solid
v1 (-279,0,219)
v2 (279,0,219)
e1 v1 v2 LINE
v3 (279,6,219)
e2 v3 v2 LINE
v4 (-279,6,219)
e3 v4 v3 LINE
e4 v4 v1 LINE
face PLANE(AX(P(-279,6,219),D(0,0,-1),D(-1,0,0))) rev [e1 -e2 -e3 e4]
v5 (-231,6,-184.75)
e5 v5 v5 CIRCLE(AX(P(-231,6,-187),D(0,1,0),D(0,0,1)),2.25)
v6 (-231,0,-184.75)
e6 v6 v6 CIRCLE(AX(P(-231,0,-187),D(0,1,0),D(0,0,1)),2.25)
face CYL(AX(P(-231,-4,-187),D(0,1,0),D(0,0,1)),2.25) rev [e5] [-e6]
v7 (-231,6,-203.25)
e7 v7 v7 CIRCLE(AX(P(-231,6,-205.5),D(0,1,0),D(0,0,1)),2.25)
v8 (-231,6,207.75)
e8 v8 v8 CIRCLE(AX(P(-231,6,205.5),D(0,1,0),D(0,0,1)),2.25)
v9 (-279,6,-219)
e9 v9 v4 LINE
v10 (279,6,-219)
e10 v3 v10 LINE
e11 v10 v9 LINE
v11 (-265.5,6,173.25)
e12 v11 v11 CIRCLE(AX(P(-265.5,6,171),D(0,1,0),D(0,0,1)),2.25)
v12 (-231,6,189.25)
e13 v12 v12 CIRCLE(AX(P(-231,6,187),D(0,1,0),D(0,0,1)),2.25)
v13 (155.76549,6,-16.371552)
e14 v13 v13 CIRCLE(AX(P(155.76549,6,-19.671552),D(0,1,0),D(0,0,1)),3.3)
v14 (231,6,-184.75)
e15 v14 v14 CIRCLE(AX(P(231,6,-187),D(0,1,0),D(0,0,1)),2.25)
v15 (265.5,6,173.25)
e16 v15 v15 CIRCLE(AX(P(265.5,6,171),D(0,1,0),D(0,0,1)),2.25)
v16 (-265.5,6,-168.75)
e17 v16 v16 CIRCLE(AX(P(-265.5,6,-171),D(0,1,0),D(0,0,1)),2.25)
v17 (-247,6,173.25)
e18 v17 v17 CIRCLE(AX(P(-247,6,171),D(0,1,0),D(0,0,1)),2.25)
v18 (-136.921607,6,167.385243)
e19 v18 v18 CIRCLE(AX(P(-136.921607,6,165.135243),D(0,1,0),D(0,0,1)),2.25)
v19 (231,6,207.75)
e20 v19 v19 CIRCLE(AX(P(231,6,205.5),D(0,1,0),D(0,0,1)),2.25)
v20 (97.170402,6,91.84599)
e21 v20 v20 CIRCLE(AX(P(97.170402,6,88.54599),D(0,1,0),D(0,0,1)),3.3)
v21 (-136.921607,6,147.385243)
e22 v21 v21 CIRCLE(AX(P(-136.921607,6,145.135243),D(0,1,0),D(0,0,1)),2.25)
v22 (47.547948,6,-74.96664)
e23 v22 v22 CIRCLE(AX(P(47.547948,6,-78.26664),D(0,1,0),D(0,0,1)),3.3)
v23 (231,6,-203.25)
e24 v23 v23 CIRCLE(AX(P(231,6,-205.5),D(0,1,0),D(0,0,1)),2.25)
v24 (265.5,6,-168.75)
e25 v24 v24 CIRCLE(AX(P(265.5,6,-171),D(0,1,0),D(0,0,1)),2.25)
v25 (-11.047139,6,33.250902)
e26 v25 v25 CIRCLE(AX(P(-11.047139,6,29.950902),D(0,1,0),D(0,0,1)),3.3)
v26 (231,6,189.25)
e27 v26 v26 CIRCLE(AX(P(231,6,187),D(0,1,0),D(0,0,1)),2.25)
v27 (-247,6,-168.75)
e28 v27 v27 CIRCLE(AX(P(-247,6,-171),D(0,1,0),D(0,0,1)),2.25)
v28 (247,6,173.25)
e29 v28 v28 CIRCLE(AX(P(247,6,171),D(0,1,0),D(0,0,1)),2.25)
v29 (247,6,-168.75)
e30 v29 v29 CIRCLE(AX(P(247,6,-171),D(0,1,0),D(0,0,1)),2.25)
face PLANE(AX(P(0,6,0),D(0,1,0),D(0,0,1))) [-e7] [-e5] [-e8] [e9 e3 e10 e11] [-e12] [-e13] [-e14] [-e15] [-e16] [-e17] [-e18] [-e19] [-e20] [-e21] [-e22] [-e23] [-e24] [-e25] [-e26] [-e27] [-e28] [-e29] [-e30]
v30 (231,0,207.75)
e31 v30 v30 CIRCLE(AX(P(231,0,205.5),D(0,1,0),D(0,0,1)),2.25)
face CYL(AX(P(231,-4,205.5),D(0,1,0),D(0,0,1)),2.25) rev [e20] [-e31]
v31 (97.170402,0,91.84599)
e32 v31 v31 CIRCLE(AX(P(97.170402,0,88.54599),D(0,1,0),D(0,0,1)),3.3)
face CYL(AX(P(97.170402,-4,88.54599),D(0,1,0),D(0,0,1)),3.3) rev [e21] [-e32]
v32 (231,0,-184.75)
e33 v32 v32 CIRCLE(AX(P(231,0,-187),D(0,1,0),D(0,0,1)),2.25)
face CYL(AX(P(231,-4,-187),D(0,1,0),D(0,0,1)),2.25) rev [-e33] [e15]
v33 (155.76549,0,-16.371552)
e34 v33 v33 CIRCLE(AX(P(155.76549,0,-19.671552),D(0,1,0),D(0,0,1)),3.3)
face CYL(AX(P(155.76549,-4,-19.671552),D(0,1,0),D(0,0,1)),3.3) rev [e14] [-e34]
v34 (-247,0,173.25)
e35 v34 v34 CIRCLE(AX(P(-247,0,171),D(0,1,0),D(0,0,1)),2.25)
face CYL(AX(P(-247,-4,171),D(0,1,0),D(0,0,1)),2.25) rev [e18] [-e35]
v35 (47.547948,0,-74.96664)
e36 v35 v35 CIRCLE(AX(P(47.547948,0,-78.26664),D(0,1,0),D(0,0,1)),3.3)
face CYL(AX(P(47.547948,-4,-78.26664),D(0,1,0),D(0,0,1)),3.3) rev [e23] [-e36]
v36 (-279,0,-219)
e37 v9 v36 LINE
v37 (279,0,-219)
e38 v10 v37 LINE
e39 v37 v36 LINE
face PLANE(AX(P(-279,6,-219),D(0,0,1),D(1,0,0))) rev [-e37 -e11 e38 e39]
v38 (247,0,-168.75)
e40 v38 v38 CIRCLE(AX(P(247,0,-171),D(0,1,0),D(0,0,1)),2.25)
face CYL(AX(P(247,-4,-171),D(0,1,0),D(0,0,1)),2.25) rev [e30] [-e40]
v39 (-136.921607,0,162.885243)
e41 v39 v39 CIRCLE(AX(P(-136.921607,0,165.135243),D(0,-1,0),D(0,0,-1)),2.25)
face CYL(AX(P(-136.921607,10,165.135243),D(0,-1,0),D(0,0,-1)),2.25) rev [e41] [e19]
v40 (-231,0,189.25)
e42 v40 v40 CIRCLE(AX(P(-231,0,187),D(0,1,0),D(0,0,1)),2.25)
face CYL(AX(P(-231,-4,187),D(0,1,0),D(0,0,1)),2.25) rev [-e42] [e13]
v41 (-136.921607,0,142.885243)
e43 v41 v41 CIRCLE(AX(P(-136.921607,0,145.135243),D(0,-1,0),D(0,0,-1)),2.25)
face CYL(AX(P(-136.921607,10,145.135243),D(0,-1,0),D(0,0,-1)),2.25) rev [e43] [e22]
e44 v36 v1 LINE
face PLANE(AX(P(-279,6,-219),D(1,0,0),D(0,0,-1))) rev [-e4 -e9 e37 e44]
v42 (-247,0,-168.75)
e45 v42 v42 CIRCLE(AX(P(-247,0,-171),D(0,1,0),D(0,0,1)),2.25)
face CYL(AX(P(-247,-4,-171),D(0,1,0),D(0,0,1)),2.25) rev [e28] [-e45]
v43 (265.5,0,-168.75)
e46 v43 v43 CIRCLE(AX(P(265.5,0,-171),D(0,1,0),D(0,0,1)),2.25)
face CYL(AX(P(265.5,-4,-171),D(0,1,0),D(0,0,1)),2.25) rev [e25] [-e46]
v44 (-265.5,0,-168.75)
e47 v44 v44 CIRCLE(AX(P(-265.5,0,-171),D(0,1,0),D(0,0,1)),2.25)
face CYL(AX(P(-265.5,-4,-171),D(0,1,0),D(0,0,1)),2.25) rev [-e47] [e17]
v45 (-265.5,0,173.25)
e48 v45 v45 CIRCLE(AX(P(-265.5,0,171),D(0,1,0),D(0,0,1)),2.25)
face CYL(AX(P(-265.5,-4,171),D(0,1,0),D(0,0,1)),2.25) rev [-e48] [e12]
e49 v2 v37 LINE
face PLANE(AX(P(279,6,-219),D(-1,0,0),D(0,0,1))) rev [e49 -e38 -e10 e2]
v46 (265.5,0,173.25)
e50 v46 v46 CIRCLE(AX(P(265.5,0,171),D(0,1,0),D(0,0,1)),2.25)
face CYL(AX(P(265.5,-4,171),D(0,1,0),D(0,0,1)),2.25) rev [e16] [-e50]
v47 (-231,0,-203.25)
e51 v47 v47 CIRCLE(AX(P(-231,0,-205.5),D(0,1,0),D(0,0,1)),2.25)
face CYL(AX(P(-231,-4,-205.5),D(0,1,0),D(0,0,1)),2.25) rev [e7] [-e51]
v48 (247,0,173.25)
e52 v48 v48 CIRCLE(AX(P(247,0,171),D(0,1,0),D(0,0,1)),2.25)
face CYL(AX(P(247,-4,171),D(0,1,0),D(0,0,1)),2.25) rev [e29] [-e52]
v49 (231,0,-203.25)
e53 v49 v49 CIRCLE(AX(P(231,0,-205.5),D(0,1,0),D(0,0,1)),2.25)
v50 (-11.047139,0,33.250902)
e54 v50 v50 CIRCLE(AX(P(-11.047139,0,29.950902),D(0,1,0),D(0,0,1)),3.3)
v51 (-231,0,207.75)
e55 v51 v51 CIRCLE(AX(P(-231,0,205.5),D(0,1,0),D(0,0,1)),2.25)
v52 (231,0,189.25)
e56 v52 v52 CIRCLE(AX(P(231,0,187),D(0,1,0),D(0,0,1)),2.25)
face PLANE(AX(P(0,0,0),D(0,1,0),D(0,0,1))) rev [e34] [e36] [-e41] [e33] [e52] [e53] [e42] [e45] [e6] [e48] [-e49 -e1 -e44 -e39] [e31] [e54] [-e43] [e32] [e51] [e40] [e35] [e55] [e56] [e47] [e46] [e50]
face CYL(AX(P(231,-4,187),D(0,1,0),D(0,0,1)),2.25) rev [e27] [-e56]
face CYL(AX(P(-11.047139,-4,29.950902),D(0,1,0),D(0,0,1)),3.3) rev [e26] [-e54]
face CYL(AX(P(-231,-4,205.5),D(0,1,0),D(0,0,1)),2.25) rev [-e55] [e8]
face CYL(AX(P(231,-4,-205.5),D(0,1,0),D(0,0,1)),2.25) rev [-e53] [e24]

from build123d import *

# Parameters (mm, degrees)
SCHIZZO1_W                   = 558
SCHIZZO1_H                   = 438
ESTRUSIONE_ESTRUSIONE1_DEPTH = 6
SCHIZZO2_R                   = 2.25
TAGLIO_ESTRUSIONE1_DEPTH     = 10
SCHIZZO4_R                   = 3.3
TAGLIO_ESTRUSIONE2_DEPTH     = 10
SCHIZZO5_R                   = 2.25
TAGLIO_ESTRUSIONE3_DEPTH     = 10


with BuildPart() as part:
    # Schizzo1 → Estrusione-Estrusione1 (new body)
    with BuildSketch(Plane(origin=(0, 0, 0), x_dir=(1, 0, 0), z_dir=(0, 1, 0))):
        Rectangle(SCHIZZO1_W, SCHIZZO1_H)
    extrude(amount=ESTRUSIONE_ESTRUSIONE1_DEPTH)

    # Schizzo2 → Taglio-Estrusione1 (cut)
    with BuildSketch(Plane(origin=(0, 6, 0), x_dir=(1, 0, 0), z_dir=(0, 1, 0))):
        with Locations(Location((-231, 205.5, 0), (0, 0, 270))):
            Circle(SCHIZZO2_R)
        with Locations(Location((-231, 187, 0), (0, 0, 270))):
            Circle(SCHIZZO2_R)
        with Locations(Location((-247, 171, 0), (0, 0, 270))):
            Circle(SCHIZZO2_R)
        with Locations(Location((-265.5, 171, 0), (0, 0, 270))):
            Circle(SCHIZZO2_R)
        with Locations(Location((231, 205.5, 0), (0, 0, 270))):
            Circle(SCHIZZO2_R)
        with Locations(Location((231, 187, 0), (0, 0, 270))):
            Circle(SCHIZZO2_R)
        with Locations(Location((247, 171, 0), (0, 0, 270))):
            Circle(SCHIZZO2_R)
        with Locations(Location((265.5, 171, 0), (0, 0, 270))):
            Circle(SCHIZZO2_R)
        with Locations(Location((265.5, -171, 0), (0, 0, 270))):
            Circle(SCHIZZO2_R)
        with Locations(Location((247, -171, 0), (0, 0, 270))):
            Circle(SCHIZZO2_R)
        with Locations(Location((231, -187, 0), (0, 0, 270))):
            Circle(SCHIZZO2_R)
        with Locations(Location((231, -205.5, 0), (0, 0, 270))):
            Circle(SCHIZZO2_R)
        with Locations(Location((-231, -205.5, 0), (0, 0, 270))):
            Circle(SCHIZZO2_R)
        with Locations(Location((-231, -187, 0), (0, 0, 270))):
            Circle(SCHIZZO2_R)
        with Locations(Location((-247, -171, 0), (0, 0, 270))):
            Circle(SCHIZZO2_R)
        with Locations(Location((-265.5, -171, 0), (0, 0, 270))):
            Circle(SCHIZZO2_R)
    extrude(amount=-TAGLIO_ESTRUSIONE1_DEPTH, mode=Mode.SUBTRACT)

    # Schizzo4 → Taglio-Estrusione2 (cut)
    with BuildSketch(Plane(origin=(0, 6, 0), x_dir=(1, 0, 0), z_dir=(0, 1, 0))):
        with Locations(Location((-11.04713937, -29.950902322, 0), (0, 0, 270))):
            Circle(SCHIZZO4_R)
        with Locations(Location((97.170402481, -88.545989873, 0), (0, 0, 270))):
            Circle(SCHIZZO4_R)
        with Locations(Location((155.765489817, 19.671552094, 0), (0, 0, 270))):
            Circle(SCHIZZO4_R)
        with Locations(Location((47.547947967, 78.266639645, 0), (0, 0, 270))):
            Circle(SCHIZZO4_R)
    extrude(amount=-TAGLIO_ESTRUSIONE2_DEPTH, mode=Mode.SUBTRACT)

    # Schizzo5 → Taglio-Estrusione3 (cut)
    with BuildSketch(Plane.XZ):
        with Locations(Location((-136.921607377, 165.135242981, 0), (0, 0, 270))):
            Circle(SCHIZZO5_R)
        with Locations(Location((-136.921607377, 145.135242981, 0), (0, 0, 270))):
            Circle(SCHIZZO5_R)
    extrude(amount=-TAGLIO_ESTRUSIONE3_DEPTH, mode=Mode.SUBTRACT)


solid = part.part
